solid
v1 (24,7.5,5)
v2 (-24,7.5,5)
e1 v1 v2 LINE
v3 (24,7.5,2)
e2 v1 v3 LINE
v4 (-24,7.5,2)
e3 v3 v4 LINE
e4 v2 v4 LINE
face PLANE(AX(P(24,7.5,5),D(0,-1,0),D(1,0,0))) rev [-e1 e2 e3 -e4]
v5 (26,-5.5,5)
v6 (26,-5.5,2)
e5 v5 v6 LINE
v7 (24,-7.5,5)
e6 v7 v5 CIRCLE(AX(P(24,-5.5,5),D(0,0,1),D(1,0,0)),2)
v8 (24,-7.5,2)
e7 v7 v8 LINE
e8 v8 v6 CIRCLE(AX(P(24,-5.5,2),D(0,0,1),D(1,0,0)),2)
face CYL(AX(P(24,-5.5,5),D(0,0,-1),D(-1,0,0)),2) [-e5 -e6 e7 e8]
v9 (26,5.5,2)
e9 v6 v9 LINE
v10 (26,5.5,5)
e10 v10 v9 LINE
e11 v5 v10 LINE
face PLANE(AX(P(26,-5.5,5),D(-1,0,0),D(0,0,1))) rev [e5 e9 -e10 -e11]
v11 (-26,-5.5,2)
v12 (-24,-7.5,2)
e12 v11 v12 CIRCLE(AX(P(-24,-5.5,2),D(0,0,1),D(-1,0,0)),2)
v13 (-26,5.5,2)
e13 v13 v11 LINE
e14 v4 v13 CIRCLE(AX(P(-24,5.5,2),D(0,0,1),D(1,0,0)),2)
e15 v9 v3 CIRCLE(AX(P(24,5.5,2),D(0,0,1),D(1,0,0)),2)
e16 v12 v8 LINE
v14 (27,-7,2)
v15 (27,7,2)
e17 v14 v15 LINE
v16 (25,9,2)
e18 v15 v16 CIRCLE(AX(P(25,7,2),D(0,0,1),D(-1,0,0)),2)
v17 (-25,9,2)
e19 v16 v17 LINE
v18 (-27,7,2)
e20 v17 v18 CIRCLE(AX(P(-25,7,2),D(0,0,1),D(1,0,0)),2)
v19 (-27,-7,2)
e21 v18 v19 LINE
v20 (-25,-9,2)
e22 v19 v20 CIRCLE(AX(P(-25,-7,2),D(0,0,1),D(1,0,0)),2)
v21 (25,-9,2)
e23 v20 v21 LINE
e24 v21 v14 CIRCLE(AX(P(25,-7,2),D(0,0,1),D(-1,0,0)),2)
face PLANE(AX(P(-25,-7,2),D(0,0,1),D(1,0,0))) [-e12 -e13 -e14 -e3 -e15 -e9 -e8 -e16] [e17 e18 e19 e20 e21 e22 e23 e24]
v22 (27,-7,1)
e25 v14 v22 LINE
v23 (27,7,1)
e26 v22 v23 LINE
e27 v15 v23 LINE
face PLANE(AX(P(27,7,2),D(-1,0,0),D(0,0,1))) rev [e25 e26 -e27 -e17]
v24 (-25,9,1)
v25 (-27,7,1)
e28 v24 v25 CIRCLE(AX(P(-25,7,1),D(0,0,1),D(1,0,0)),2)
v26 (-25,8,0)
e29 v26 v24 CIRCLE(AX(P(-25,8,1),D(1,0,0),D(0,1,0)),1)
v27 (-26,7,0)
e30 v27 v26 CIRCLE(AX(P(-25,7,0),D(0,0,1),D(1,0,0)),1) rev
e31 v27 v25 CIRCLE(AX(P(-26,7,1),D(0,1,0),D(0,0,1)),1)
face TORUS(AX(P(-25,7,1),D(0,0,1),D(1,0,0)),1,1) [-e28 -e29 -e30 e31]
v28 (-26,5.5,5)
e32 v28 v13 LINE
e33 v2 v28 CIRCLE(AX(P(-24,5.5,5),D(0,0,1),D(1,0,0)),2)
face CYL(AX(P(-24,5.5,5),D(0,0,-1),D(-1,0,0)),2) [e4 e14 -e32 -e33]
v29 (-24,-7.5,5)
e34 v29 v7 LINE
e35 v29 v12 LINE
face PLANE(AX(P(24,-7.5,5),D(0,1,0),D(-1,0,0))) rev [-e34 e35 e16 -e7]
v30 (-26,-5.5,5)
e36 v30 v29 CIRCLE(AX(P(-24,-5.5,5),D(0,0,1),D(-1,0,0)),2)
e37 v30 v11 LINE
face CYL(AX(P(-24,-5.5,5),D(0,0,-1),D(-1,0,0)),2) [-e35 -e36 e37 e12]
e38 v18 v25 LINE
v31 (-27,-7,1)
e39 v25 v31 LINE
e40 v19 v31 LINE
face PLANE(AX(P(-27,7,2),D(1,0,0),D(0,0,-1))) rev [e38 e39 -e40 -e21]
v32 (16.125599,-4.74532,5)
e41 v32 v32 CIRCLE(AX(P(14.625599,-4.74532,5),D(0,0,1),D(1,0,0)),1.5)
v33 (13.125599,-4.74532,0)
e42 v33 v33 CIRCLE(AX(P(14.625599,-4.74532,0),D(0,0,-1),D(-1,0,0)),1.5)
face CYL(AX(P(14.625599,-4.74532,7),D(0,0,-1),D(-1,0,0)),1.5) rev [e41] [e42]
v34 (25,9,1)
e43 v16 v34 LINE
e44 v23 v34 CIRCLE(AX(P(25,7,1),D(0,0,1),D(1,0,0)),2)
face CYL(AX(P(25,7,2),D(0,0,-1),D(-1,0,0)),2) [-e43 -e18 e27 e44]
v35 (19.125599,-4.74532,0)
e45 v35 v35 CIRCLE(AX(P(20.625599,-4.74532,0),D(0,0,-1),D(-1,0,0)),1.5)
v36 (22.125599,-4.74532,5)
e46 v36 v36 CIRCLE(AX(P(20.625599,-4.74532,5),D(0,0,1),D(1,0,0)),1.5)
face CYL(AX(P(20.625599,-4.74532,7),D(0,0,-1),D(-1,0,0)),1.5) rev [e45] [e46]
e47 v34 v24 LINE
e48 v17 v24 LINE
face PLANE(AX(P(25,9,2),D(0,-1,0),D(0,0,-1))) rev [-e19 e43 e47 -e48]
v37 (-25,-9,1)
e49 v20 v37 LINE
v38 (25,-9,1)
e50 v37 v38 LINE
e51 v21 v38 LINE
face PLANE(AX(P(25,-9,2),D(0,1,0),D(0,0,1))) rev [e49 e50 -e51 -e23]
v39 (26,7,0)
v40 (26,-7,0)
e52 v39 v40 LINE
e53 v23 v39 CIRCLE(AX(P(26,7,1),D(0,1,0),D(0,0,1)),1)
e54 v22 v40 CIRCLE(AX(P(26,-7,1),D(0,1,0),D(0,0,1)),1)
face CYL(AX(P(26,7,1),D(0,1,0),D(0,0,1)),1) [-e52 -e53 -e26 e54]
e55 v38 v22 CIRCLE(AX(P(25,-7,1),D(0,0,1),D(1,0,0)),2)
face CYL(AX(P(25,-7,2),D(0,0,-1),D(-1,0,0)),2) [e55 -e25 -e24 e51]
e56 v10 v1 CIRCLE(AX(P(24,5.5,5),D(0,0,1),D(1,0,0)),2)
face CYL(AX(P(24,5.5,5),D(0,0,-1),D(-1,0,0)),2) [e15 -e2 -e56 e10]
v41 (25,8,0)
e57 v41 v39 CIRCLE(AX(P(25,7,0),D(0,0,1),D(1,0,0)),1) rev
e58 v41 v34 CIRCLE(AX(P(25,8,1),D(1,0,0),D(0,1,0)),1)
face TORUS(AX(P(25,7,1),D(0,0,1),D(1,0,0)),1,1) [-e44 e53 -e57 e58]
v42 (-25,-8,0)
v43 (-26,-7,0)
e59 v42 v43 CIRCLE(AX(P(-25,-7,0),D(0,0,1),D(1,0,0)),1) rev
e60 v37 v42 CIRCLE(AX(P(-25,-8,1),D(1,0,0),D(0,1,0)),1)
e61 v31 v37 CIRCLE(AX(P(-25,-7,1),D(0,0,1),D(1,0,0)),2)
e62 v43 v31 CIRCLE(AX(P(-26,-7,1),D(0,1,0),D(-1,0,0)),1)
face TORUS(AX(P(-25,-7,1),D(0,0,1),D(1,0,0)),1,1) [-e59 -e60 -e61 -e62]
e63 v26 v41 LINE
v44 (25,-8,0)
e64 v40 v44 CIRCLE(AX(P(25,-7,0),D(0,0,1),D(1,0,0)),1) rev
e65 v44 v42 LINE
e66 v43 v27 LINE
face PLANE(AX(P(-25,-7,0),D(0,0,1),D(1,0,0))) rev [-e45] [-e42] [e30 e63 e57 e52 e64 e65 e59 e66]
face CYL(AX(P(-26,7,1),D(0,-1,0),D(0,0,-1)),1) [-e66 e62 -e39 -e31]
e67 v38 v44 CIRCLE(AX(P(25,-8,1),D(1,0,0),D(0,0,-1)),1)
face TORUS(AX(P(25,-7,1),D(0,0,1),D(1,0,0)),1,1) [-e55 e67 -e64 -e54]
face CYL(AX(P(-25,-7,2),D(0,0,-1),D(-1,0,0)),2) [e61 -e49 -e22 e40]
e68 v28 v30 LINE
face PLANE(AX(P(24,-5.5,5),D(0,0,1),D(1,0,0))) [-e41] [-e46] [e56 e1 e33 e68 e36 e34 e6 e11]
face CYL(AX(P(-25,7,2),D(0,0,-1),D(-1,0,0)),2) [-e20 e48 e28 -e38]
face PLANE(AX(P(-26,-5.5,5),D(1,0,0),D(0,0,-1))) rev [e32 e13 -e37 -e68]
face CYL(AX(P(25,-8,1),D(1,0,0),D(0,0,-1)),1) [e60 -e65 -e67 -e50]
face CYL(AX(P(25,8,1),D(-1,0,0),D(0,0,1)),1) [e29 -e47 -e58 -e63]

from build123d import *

# Parameters (mm, degrees)
BOSS_EXTRUDE1_DEPTH = 2
BOSS_EXTRUDE2_DEPTH = 3
SKETCH4_R           = 1.5
CUT_EXTRUDE1_DEPTH  = 7
FILLET1_R           = 1


with BuildPart() as part:
    # Sketch1 → Boss-Extrude1 (new body)
    with BuildSketch(Plane.XY):
        with BuildLine():
            Line((25, 9), (-25, 9))
            ThreePointArc((-25, 9), (-26.414213562, 8.414213562), (-27, 7))
            Line((-27, 7), (-27, -7))
            ThreePointArc((-27, -7), (-26.414213562, -8.414213562), (-25, -9))
            Line((-25, -9), (25, -9))
            ThreePointArc((25, -9), (26.414213562, -8.414213562), (27, -7))
            Line((27, -7), (27, 7))
            ThreePointArc((27, 7), (26.414213562, 8.414213562), (25, 9))
        make_face()
    extrude(amount=BOSS_EXTRUDE1_DEPTH)

    # Sketch2 → Boss-Extrude2 (add)
    with BuildSketch(Plane.XY.offset(2)):
        with BuildLine():
            Line((24, -7.5), (-24, -7.5))
            ThreePointArc((-24, -7.5), (-25.414213562, -6.914213562), (-26, -5.5))
            Line((-26, -5.5), (-26, 5.5))
            ThreePointArc((-26, 5.5), (-25.414213562, 6.914213562), (-24, 7.5))
            Line((-24, 7.5), (24, 7.5))
            ThreePointArc((24, 7.5), (25.414213562, 6.914213562), (26, 5.5))
            Line((26, 5.5), (26, -5.5))
            ThreePointArc((26, -5.5), (25.414213562, -6.914213562), (24, -7.5))
        make_face()
    extrude(amount=BOSS_EXTRUDE2_DEPTH)

    # Sketch4 → Cut-Extrude1 (cut)
    with BuildSketch(Plane(origin=(0, 0, 0), x_dir=(-1, 0, 0), z_dir=(0, 0, -1))):
        with Locations((-20.625599185, -4.74532022)):
            Circle(SKETCH4_R)
        with Locations((-14.625599185, -4.74532022)):
            Circle(SKETCH4_R)
    extrude(amount=-CUT_EXTRUDE1_DEPTH, mode=Mode.SUBTRACT)

    # Fillet1
    fillet1_edges = [part.edges().sort_by_distance(p)[0] for p in [
        (0, -9, 0),
        (-26.414213562, -8.414213562, 0),
        (-27, 0, 0),
        (-26.414213562, 8.414213562, 0),
        (0, 9, 0),
        (26.414213562, 8.414213562, 0),
        (27, 0, 0),
        (26.414213562, -8.414213562, 0),
    ]]
    fillet(fillet1_edges, radius=FILLET1_R)


solid = part.part
